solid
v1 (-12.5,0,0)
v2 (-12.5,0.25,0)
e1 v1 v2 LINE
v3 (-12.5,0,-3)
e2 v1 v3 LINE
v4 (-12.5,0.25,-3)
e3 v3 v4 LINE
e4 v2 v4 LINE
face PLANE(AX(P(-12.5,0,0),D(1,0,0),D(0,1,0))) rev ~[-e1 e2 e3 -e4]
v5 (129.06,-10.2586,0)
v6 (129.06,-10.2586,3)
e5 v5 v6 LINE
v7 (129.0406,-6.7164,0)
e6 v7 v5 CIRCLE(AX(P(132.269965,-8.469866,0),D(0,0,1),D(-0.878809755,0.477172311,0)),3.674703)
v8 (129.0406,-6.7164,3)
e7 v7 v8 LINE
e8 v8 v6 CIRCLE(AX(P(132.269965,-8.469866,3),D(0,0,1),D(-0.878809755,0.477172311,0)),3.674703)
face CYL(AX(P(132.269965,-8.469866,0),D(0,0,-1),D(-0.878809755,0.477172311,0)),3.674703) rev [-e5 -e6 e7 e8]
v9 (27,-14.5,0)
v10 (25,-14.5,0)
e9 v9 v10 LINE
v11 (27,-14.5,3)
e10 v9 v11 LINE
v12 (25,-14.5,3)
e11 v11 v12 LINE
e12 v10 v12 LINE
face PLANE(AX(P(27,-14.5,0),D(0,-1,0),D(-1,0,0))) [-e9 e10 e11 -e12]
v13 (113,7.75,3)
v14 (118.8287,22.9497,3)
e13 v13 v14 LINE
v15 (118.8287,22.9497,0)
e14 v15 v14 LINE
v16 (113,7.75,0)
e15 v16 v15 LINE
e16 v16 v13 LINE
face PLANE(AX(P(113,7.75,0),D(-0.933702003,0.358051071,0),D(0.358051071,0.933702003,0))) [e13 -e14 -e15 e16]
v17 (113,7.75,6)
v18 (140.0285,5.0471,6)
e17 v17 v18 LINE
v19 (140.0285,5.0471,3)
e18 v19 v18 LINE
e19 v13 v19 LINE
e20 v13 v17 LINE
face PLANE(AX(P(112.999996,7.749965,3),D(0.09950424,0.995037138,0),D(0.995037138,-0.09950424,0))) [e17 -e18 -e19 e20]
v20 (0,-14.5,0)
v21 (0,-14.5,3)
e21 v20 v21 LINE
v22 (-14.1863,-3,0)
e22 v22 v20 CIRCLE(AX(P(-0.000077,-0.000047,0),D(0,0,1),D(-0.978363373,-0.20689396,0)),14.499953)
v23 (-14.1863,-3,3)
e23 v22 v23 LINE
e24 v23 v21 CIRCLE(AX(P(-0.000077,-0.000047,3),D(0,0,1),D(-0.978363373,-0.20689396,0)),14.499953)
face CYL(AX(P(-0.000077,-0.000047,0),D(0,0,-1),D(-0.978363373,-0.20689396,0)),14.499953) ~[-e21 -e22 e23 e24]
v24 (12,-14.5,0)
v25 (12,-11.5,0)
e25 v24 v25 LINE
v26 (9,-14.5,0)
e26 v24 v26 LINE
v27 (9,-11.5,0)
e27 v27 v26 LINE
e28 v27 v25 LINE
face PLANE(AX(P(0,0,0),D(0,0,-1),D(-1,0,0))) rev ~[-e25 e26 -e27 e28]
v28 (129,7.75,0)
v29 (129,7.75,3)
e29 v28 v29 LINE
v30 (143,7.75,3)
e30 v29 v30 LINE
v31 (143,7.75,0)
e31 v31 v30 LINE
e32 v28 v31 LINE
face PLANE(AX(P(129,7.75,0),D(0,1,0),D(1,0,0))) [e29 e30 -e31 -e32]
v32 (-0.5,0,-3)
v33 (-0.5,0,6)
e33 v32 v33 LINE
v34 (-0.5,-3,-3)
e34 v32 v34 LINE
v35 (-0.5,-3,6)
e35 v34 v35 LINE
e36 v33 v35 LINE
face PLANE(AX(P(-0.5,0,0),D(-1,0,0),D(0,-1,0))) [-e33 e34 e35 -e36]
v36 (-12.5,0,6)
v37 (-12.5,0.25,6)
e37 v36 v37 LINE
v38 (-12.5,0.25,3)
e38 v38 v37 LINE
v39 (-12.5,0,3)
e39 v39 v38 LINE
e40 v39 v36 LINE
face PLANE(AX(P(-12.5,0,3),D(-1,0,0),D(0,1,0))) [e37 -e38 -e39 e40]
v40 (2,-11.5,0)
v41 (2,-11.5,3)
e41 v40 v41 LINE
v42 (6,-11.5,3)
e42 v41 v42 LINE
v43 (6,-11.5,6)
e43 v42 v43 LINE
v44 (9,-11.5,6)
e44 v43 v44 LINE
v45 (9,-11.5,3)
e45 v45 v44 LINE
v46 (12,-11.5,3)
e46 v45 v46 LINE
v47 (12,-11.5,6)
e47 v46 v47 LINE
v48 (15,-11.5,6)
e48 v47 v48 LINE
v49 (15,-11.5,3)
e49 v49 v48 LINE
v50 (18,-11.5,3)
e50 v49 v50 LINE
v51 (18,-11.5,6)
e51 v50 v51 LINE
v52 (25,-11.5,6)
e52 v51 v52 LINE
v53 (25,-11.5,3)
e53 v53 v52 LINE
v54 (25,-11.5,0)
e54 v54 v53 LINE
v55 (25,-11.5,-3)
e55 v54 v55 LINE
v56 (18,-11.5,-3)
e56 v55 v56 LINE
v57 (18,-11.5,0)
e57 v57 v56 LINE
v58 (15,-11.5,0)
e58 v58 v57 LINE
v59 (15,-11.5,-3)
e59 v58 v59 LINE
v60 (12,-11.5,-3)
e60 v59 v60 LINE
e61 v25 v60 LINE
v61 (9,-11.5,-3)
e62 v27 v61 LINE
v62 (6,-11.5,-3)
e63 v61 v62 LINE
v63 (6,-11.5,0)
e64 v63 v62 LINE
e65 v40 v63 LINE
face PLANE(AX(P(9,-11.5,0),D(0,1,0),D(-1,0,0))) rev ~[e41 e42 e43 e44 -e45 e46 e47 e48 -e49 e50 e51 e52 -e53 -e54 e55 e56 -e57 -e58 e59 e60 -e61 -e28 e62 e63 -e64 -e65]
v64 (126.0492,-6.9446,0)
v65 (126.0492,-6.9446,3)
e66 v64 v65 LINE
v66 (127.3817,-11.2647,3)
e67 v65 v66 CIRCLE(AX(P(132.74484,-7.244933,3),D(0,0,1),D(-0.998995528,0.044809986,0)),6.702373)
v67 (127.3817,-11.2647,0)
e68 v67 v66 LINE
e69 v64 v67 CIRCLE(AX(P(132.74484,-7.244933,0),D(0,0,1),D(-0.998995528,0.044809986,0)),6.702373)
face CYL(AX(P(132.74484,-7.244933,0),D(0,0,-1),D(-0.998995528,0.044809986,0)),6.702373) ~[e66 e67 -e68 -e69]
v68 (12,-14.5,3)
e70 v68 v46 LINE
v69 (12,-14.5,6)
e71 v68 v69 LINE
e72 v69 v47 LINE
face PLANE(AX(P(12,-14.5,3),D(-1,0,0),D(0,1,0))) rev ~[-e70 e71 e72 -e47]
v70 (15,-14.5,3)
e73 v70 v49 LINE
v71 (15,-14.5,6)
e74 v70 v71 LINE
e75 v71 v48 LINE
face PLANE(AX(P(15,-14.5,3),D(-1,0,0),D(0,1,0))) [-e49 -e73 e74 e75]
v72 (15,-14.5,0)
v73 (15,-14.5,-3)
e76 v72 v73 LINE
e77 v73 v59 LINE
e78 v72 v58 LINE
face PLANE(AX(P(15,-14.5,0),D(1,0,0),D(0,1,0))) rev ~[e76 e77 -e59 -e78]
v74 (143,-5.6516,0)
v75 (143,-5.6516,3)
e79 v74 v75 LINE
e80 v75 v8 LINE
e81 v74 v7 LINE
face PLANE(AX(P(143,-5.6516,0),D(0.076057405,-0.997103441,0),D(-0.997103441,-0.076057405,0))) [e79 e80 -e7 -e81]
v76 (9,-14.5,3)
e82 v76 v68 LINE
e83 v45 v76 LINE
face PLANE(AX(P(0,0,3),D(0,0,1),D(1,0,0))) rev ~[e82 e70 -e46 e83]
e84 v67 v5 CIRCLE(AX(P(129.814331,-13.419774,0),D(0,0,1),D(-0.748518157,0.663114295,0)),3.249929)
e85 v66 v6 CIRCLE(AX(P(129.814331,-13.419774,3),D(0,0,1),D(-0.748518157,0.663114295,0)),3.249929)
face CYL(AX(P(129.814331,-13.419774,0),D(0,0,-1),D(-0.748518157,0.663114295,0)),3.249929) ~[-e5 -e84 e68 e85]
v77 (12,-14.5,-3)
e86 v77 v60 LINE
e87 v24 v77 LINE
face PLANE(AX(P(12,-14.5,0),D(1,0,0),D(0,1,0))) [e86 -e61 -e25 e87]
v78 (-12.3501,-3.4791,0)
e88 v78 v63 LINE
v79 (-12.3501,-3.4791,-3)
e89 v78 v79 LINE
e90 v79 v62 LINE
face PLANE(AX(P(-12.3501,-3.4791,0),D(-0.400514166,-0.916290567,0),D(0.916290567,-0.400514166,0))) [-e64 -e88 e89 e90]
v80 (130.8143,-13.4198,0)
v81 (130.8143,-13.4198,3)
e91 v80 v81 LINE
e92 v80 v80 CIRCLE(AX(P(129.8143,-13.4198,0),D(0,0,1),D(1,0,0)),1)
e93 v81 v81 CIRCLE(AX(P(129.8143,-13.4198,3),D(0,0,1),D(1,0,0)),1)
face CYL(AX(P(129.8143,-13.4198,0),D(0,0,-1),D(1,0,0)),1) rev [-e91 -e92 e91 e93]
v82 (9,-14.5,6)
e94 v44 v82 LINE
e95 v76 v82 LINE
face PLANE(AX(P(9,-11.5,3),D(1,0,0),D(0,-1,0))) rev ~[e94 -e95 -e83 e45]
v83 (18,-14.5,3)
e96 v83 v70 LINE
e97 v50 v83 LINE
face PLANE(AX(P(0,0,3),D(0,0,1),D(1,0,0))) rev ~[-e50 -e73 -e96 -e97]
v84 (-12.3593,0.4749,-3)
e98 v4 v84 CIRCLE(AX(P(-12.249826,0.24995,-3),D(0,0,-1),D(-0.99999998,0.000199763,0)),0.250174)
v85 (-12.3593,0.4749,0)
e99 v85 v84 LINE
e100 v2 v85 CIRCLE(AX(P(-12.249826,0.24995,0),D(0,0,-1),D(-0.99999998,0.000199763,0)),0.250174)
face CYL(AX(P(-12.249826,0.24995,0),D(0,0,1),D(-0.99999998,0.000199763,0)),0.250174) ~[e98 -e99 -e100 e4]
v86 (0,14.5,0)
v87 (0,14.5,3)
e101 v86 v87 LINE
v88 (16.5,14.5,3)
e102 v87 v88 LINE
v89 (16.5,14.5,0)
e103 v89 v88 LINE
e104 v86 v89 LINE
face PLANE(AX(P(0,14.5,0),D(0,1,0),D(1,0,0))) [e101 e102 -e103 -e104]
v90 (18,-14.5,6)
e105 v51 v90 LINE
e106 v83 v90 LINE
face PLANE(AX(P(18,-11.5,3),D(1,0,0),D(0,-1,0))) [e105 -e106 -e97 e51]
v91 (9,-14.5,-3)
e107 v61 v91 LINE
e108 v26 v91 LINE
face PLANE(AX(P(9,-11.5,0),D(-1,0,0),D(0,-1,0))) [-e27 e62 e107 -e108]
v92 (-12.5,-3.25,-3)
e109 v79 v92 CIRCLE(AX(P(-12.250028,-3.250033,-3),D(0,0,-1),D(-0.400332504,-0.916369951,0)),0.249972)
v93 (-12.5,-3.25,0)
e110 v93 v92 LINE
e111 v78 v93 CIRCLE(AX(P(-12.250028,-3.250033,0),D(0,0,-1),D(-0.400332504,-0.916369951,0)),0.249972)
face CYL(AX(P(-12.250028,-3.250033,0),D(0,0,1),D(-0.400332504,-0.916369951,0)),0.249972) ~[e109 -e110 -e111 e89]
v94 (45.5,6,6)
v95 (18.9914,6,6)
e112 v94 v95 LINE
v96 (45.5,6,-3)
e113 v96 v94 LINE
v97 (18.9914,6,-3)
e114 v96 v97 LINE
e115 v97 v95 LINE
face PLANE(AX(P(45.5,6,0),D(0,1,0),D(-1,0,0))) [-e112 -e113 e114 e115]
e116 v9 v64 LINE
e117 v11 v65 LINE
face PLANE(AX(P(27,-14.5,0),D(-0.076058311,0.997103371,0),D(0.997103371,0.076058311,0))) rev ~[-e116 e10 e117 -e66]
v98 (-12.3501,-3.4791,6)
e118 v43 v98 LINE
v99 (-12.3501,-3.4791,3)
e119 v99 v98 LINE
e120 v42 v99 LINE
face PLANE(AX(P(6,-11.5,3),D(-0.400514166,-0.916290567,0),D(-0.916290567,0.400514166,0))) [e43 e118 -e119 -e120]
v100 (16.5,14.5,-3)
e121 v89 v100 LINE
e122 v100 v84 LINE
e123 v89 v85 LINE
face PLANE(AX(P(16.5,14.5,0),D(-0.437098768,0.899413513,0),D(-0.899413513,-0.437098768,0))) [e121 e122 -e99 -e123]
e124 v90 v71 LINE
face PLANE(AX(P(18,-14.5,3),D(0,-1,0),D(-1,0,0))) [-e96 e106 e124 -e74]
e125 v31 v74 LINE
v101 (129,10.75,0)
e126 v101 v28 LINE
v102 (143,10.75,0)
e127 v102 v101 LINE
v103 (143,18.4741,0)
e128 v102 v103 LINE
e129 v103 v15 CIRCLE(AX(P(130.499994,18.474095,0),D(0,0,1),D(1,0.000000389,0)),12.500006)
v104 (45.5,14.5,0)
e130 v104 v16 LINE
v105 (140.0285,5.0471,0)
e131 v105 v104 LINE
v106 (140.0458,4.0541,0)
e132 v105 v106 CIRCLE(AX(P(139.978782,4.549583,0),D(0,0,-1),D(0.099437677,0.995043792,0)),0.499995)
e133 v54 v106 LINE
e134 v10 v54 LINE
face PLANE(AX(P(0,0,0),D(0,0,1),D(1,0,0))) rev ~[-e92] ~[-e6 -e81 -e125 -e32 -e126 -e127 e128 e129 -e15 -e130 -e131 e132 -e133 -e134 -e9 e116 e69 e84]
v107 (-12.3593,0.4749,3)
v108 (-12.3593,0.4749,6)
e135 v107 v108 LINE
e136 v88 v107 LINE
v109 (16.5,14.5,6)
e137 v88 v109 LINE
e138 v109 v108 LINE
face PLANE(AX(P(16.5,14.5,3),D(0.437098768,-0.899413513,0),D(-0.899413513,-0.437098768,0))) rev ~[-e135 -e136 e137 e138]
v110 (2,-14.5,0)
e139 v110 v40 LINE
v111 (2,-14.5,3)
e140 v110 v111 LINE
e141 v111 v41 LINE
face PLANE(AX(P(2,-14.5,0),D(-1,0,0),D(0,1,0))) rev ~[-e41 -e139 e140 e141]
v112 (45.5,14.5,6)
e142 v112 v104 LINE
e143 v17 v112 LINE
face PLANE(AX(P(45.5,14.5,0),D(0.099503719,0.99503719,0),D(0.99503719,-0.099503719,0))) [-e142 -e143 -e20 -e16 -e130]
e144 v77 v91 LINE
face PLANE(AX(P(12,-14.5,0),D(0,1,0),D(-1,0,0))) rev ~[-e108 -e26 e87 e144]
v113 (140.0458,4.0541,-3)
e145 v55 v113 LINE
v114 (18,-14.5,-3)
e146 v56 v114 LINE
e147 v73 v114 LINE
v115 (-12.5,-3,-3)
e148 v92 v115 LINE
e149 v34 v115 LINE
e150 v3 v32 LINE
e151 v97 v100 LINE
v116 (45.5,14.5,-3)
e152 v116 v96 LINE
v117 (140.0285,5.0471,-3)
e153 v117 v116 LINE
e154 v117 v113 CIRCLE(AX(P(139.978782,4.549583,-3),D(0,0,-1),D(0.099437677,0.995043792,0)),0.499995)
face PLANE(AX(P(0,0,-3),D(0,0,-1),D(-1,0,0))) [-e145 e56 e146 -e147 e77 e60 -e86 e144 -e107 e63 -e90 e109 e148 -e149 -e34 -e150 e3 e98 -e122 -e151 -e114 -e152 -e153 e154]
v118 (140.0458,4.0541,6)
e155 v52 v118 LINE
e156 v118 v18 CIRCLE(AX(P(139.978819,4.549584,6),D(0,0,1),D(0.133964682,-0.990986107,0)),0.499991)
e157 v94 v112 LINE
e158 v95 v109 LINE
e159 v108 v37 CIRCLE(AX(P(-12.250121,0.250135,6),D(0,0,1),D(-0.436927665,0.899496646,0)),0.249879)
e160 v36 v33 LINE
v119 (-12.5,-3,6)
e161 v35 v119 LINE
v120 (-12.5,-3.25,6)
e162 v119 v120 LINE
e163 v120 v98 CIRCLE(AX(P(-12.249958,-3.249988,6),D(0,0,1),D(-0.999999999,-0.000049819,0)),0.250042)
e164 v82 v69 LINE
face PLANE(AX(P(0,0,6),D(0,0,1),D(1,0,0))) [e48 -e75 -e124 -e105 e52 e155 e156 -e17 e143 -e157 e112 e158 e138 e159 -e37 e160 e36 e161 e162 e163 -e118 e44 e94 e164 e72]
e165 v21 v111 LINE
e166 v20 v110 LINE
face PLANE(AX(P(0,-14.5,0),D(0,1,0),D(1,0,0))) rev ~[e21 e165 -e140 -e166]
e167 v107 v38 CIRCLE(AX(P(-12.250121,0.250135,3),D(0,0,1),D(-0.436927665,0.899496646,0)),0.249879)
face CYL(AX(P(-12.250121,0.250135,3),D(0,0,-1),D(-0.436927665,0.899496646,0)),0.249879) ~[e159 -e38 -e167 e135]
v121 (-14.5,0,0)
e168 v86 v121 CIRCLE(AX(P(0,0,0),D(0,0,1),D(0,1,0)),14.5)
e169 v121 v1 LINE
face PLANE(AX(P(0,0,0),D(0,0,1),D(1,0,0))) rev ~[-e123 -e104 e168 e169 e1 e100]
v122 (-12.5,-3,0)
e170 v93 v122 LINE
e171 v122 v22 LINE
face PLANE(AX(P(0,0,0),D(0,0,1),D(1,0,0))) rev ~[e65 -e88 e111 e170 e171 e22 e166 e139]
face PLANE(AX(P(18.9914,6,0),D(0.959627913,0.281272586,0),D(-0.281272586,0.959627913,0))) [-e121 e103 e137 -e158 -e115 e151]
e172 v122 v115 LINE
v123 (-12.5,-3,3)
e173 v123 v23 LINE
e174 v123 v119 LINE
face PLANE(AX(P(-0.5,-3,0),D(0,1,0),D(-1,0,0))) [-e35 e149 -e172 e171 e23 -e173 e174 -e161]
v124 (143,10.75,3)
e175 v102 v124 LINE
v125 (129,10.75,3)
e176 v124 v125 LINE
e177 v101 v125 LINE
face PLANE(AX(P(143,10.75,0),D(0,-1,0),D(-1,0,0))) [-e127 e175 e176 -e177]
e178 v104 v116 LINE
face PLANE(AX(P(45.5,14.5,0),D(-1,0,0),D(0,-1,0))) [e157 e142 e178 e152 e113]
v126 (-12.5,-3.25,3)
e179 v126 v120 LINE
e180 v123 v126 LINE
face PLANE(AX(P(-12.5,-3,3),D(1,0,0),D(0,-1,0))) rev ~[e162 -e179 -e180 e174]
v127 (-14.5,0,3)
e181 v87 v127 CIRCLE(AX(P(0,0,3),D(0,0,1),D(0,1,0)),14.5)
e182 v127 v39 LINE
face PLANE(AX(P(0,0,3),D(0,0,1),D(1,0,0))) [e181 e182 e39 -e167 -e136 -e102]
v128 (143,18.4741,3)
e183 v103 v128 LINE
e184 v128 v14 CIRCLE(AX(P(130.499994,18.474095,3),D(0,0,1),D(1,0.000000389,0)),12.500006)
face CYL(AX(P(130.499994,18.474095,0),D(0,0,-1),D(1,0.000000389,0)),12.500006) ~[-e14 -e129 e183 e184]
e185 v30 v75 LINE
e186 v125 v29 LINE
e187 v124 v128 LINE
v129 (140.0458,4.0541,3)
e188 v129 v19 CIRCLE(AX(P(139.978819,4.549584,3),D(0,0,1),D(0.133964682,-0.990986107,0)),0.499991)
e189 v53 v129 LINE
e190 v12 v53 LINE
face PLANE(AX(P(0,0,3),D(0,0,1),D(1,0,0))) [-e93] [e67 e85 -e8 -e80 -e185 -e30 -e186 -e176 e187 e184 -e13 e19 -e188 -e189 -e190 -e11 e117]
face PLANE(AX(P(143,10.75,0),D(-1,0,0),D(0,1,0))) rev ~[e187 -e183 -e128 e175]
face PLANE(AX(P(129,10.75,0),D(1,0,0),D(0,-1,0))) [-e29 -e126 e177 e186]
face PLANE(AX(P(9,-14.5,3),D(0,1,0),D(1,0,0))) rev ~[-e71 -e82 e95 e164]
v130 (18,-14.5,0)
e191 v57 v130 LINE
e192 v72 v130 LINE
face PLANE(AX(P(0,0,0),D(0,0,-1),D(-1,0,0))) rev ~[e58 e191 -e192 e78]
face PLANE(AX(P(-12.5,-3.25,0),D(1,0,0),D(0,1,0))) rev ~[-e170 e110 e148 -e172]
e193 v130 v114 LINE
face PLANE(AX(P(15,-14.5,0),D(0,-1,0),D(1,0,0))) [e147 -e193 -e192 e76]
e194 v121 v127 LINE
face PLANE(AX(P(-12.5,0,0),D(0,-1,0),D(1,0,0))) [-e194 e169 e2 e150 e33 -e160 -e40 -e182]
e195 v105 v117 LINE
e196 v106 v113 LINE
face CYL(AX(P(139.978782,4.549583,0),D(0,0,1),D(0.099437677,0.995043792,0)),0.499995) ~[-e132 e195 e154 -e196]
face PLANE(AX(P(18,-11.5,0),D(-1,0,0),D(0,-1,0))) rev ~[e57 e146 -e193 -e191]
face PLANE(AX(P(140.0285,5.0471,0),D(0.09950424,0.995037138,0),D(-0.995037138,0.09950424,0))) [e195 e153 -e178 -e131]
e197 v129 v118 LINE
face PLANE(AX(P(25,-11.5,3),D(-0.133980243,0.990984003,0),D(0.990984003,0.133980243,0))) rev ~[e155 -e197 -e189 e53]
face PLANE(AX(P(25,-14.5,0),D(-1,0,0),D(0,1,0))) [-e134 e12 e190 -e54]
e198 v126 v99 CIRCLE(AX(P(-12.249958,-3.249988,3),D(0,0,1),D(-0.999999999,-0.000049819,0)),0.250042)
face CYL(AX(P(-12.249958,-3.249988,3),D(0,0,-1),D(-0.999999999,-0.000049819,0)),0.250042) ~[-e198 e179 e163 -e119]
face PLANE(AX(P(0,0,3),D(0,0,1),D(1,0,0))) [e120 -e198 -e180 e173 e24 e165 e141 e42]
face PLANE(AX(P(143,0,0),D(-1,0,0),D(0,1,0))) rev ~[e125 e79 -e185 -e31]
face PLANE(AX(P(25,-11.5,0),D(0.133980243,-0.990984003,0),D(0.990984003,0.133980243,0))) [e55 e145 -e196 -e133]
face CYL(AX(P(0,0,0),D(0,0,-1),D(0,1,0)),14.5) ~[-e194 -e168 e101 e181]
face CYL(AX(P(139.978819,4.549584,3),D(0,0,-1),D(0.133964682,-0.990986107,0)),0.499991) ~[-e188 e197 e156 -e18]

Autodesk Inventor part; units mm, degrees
ref_plane "YZ Plane" through (0, 0, 0) normal (1, 0, 0) x (0, 1, 0)
ref_plane "XZ Plane" through (0, 0, 0) normal (0, 1, 0) x (-1, 0, 0)
ref_plane "XY Plane" through (0, 0, 0) normal (0, 0, 1) x (1, 0, 0)
sketch "Esboço1" plane through (0, 0, 0) normal (0, 0, 1) x (1, 0, 0)
  line L0 (0, 0) -> (143, 0)
  line L1 (0, 14.5) -> (16.5, 14.5)
  line L2 (45.5, 14.5) -> (45.5, 6)
  line L3 (143, 0) -> (113, 0)
  line L4 (45.5, 14.5) -> (113, 7.75)
  arc A0 (143, 18.4741) -> (118.8287, 22.9497) centre (130.5, 18.4741) ccw
  line L5 (113, 7.75) -> (118.8287, 22.9497)
  line L6 (0, -14.5) -> (2, -14.5)
  line L7 (2, -14.5) -> (2, -11.5)
  line L8 (18.9914, 6) -> (45.5, 6)
  line L9 (16.5, 14.5) -> (18.9914, 6)
  line L10 (27, -14.5) -> (25, -14.5)
  line L11 (25, -14.5) -> (25, -11.5)
  line L12 (2, -11.5) -> (25, -11.5)
  line L13 (143, -5.6516) -> (129.0406, -6.7164)
  arc A1 (127.3817, -11.2647) -> (129.06, -10.2586) centre (129.8143, -13.4198) ccw
  circle A2 centre (129.8143, -13.4198) radius 1
  arc A3 (126.0492, -6.9446) -> (127.3817, -11.2647) centre (132.7451, -7.2449) ccw
  arc A4 (129.0406, -6.7164) -> (129.06, -10.2586) centre (132.2697, -8.4698) ccw
  line L14 (27, -14.5) -> (126.0492, -6.9446)
  line L15 (129.0406, -6.7164) -> (143, -5.6516)
  line L16 (-14.5, 0) -> (-0.5, 0)
  line L17 (-0.5, 0) -> (-0.5, -3)
  line L18 (-0.5, -3) -> (-14.1863, -3)
  arc A5 (0, 14.5) -> (-14.5, 0) centre (0, 0) ccw
  arc A6 (-14.1863, -3) -> (0, -14.5) centre (0, 0) ccw
  line L19 (113, 7.75) -> (124.9404, 6.556)
  line L20 (143, 10.75) -> (129, 10.75)
  line L21 (129, 10.75) -> (129, 7.75)
  line L22 (129, 7.75) -> (143, 7.75)
  line L23 (143, -5.6516) -> (143, 7.75)
  line L24 (143, 10.75) -> (143, 18.4741)
  dimension "d1" = 143
  dimension "d5" = 29
  dimension "d6" = 8.5
  dimension "d23" = 2
  dimension "d24" = 3
  dimension "d67" = 6.5
  dimension "d68" = 2
  dimension "d85" = 14
  dimension "d86" = 3
  dimension "d87" = 12
  dimension "d91" = 14
extrude "Extrusão1" add sketch "Esboço1" along normal blind 3
sketch "Esboço2" plane through (0, 0, 3) normal (0, 0, 1) x (1, 0, 0)
  line L0 (113, 7.75) -> (45.5, 14.5) projected
  line L1 (45.5, 14.5) -> (140.0285, 5.0471)
  arc A0 (140.0458, 4.0541) -> (140.0285, 5.0471) centre (139.9788, 4.5496) ccw
  line L2 (18.9914, 6) -> (16.5, 14.5) projected
  line L3 (25, -11.5) -> (140.0458, 4.0541)
  line L4 (45.5, 6) -> (18.9914, 6) projected
  line L5 (18.9914, 6) -> (45.5, 6)
  line L6 (45.5, 6) -> (45.5, 14.5)
  line L7 (9, -11.5) -> (9, -14.5)
  line L8 (9, -14.5) -> (12, -14.5)
  line L9 (12, -14.5) -> (12, -11.5)
  line L10 (6, -11.5) -> (9, -11.5)
  line L11 (18, -11.5) -> (18, -14.5)
  line L12 (18, -14.5) -> (15, -14.5)
  line L13 (15, -14.5) -> (15, -11.5)
  line L14 (12, -11.5) -> (15, -11.5)
  line L15 (18, -11.5) -> (25, -11.5)
  line L16 (-12.5, 0) -> (-12.5, 0.25)
  arc A1 (-12.3593, 0.4749) -> (-12.5, 0.25) centre (-12.25, 0.25) ccw
  line L17 (16.5, 14.5) -> (-12.3593, 0.4749)
  line L18 (-12.5, -3) -> (-12.5, -3.25)
  arc A2 (-12.5, -3.25) -> (-12.3501, -3.4791) centre (-12.25, -3.25) ccw
  line L19 (6, -11.5) -> (-12.3501, -3.4791)
  line L20 (-12.5, 0) -> (-0.5, 0)
  line L21 (-0.5, 0) -> (-0.5, -3)
  line L22 (-0.5, -3) -> (-12.5, -3)
  point P0 (0, 0)
  point P1 (113, 7.75)
  dimension "d22" = 95
  dimension "d45" = 3
  dimension "d46" = 3
  dimension "d48" = 3
  dimension "d49" = 3
  dimension "d60" = 3
  dimension "d82" = 12
extrude "Extrusão2" add sketch "Esboço2" along normal blind 3
sketch "Esboço3" plane through (0, 0, 0) normal (0, 0, -1) x (-1, 0, 0)
  arc A0 (-140.0285, 5.0471) -> (-140.0458, 4.0541) centre (-139.9788, 4.5496) ccw projected
  arc A1 (-140.0285, 5.0471) -> (-140.0458, 4.0541) centre (-139.9788, 4.5496) ccw
  line L0 (-25, -11.5) -> (-140.0458, 4.0541)
  line L1 (-45.5, 14.5) -> (-45.5, 6) projected
  line L2 (-45.5, 14.5) -> (-45.5, 6)
  line L3 (-45.5, 6) -> (-18.9914, 6)
  line L4 (-25, -11.5) -> (-18, -11.5)
  line L5 (-18.9914, 6) -> (-16.5, 14.5)
  arc A2 (12.5, 0.25) -> (12.3593, 0.4749) centre (12.25, 0.25) ccw projected
  arc A3 (12.5, 0.25) -> (12.3593, 0.4749) centre (12.25, 0.25) ccw
  arc A4 (12.3501, -3.4791) -> (12.5, -3.25) centre (12.25, -3.25) ccw projected
  arc A5 (12.3501, -3.4791) -> (12.5, -3.25) centre (12.25, -3.25) ccw
  line L6 (-15, -14.5) -> (-18, -14.5) projected
  line L7 (-18, -11.5) -> (-18, -14.5)
  line L8 (-18, -14.5) -> (-15, -14.5)
  line L9 (-15, -14.5) -> (-15, -11.5)
  line L10 (-12, -14.5) -> (-12, -11.5) projected
  line L11 (-15, -11.5) -> (-12, -11.5)
  line L12 (-12, -11.5) -> (-12, -14.5)
  line L13 (-9, -11.5) -> (-9, -14.5) projected
  line L14 (-12, -14.5) -> (-9, -14.5)
  line L15 (-9, -14.5) -> (-9, -11.5)
  line L16 (12.3501, -3.4791) -> (-6, -11.5) projected
  line L17 (-9, -11.5) -> (-6, -11.5)
  line L18 (-6, -11.5) -> (12.3501, -3.4791)
  line L19 (-16.5, 14.5) -> (12.3593, 0.4749) projected
  line L20 (-16.5, 14.5) -> (12.3593, 0.4749)
  line L21 (-140.0285, 5.0471) -> (-45.5, 14.5) projected
  line L22 (-45.5, 14.5) -> (-140.0285, 5.0471)
  line L23 (12.5, -3.25) -> (12.5, -3)
  line L24 (12.5, 0) -> (12.5, 0.25)
  line L25 (12.5, 0) -> (0.5, 0)
  line L26 (0.5, 0) -> (0.5, -3)
  line L27 (0.5, -3) -> (12.5, -3)
  point P0 (12.3501, -3.4791)
  point P1 (12.3593, 0.4749)
  point P2 (12.3593, 0.4749)
  point P3 (12.5, 0.25)
  point P4 (12.5, -3.25)
  point P5 (12.3501, -3.4791)
extrude "Extrusão3" add sketch "Esboço3" along normal blind 3
properties part number "CORPO"
